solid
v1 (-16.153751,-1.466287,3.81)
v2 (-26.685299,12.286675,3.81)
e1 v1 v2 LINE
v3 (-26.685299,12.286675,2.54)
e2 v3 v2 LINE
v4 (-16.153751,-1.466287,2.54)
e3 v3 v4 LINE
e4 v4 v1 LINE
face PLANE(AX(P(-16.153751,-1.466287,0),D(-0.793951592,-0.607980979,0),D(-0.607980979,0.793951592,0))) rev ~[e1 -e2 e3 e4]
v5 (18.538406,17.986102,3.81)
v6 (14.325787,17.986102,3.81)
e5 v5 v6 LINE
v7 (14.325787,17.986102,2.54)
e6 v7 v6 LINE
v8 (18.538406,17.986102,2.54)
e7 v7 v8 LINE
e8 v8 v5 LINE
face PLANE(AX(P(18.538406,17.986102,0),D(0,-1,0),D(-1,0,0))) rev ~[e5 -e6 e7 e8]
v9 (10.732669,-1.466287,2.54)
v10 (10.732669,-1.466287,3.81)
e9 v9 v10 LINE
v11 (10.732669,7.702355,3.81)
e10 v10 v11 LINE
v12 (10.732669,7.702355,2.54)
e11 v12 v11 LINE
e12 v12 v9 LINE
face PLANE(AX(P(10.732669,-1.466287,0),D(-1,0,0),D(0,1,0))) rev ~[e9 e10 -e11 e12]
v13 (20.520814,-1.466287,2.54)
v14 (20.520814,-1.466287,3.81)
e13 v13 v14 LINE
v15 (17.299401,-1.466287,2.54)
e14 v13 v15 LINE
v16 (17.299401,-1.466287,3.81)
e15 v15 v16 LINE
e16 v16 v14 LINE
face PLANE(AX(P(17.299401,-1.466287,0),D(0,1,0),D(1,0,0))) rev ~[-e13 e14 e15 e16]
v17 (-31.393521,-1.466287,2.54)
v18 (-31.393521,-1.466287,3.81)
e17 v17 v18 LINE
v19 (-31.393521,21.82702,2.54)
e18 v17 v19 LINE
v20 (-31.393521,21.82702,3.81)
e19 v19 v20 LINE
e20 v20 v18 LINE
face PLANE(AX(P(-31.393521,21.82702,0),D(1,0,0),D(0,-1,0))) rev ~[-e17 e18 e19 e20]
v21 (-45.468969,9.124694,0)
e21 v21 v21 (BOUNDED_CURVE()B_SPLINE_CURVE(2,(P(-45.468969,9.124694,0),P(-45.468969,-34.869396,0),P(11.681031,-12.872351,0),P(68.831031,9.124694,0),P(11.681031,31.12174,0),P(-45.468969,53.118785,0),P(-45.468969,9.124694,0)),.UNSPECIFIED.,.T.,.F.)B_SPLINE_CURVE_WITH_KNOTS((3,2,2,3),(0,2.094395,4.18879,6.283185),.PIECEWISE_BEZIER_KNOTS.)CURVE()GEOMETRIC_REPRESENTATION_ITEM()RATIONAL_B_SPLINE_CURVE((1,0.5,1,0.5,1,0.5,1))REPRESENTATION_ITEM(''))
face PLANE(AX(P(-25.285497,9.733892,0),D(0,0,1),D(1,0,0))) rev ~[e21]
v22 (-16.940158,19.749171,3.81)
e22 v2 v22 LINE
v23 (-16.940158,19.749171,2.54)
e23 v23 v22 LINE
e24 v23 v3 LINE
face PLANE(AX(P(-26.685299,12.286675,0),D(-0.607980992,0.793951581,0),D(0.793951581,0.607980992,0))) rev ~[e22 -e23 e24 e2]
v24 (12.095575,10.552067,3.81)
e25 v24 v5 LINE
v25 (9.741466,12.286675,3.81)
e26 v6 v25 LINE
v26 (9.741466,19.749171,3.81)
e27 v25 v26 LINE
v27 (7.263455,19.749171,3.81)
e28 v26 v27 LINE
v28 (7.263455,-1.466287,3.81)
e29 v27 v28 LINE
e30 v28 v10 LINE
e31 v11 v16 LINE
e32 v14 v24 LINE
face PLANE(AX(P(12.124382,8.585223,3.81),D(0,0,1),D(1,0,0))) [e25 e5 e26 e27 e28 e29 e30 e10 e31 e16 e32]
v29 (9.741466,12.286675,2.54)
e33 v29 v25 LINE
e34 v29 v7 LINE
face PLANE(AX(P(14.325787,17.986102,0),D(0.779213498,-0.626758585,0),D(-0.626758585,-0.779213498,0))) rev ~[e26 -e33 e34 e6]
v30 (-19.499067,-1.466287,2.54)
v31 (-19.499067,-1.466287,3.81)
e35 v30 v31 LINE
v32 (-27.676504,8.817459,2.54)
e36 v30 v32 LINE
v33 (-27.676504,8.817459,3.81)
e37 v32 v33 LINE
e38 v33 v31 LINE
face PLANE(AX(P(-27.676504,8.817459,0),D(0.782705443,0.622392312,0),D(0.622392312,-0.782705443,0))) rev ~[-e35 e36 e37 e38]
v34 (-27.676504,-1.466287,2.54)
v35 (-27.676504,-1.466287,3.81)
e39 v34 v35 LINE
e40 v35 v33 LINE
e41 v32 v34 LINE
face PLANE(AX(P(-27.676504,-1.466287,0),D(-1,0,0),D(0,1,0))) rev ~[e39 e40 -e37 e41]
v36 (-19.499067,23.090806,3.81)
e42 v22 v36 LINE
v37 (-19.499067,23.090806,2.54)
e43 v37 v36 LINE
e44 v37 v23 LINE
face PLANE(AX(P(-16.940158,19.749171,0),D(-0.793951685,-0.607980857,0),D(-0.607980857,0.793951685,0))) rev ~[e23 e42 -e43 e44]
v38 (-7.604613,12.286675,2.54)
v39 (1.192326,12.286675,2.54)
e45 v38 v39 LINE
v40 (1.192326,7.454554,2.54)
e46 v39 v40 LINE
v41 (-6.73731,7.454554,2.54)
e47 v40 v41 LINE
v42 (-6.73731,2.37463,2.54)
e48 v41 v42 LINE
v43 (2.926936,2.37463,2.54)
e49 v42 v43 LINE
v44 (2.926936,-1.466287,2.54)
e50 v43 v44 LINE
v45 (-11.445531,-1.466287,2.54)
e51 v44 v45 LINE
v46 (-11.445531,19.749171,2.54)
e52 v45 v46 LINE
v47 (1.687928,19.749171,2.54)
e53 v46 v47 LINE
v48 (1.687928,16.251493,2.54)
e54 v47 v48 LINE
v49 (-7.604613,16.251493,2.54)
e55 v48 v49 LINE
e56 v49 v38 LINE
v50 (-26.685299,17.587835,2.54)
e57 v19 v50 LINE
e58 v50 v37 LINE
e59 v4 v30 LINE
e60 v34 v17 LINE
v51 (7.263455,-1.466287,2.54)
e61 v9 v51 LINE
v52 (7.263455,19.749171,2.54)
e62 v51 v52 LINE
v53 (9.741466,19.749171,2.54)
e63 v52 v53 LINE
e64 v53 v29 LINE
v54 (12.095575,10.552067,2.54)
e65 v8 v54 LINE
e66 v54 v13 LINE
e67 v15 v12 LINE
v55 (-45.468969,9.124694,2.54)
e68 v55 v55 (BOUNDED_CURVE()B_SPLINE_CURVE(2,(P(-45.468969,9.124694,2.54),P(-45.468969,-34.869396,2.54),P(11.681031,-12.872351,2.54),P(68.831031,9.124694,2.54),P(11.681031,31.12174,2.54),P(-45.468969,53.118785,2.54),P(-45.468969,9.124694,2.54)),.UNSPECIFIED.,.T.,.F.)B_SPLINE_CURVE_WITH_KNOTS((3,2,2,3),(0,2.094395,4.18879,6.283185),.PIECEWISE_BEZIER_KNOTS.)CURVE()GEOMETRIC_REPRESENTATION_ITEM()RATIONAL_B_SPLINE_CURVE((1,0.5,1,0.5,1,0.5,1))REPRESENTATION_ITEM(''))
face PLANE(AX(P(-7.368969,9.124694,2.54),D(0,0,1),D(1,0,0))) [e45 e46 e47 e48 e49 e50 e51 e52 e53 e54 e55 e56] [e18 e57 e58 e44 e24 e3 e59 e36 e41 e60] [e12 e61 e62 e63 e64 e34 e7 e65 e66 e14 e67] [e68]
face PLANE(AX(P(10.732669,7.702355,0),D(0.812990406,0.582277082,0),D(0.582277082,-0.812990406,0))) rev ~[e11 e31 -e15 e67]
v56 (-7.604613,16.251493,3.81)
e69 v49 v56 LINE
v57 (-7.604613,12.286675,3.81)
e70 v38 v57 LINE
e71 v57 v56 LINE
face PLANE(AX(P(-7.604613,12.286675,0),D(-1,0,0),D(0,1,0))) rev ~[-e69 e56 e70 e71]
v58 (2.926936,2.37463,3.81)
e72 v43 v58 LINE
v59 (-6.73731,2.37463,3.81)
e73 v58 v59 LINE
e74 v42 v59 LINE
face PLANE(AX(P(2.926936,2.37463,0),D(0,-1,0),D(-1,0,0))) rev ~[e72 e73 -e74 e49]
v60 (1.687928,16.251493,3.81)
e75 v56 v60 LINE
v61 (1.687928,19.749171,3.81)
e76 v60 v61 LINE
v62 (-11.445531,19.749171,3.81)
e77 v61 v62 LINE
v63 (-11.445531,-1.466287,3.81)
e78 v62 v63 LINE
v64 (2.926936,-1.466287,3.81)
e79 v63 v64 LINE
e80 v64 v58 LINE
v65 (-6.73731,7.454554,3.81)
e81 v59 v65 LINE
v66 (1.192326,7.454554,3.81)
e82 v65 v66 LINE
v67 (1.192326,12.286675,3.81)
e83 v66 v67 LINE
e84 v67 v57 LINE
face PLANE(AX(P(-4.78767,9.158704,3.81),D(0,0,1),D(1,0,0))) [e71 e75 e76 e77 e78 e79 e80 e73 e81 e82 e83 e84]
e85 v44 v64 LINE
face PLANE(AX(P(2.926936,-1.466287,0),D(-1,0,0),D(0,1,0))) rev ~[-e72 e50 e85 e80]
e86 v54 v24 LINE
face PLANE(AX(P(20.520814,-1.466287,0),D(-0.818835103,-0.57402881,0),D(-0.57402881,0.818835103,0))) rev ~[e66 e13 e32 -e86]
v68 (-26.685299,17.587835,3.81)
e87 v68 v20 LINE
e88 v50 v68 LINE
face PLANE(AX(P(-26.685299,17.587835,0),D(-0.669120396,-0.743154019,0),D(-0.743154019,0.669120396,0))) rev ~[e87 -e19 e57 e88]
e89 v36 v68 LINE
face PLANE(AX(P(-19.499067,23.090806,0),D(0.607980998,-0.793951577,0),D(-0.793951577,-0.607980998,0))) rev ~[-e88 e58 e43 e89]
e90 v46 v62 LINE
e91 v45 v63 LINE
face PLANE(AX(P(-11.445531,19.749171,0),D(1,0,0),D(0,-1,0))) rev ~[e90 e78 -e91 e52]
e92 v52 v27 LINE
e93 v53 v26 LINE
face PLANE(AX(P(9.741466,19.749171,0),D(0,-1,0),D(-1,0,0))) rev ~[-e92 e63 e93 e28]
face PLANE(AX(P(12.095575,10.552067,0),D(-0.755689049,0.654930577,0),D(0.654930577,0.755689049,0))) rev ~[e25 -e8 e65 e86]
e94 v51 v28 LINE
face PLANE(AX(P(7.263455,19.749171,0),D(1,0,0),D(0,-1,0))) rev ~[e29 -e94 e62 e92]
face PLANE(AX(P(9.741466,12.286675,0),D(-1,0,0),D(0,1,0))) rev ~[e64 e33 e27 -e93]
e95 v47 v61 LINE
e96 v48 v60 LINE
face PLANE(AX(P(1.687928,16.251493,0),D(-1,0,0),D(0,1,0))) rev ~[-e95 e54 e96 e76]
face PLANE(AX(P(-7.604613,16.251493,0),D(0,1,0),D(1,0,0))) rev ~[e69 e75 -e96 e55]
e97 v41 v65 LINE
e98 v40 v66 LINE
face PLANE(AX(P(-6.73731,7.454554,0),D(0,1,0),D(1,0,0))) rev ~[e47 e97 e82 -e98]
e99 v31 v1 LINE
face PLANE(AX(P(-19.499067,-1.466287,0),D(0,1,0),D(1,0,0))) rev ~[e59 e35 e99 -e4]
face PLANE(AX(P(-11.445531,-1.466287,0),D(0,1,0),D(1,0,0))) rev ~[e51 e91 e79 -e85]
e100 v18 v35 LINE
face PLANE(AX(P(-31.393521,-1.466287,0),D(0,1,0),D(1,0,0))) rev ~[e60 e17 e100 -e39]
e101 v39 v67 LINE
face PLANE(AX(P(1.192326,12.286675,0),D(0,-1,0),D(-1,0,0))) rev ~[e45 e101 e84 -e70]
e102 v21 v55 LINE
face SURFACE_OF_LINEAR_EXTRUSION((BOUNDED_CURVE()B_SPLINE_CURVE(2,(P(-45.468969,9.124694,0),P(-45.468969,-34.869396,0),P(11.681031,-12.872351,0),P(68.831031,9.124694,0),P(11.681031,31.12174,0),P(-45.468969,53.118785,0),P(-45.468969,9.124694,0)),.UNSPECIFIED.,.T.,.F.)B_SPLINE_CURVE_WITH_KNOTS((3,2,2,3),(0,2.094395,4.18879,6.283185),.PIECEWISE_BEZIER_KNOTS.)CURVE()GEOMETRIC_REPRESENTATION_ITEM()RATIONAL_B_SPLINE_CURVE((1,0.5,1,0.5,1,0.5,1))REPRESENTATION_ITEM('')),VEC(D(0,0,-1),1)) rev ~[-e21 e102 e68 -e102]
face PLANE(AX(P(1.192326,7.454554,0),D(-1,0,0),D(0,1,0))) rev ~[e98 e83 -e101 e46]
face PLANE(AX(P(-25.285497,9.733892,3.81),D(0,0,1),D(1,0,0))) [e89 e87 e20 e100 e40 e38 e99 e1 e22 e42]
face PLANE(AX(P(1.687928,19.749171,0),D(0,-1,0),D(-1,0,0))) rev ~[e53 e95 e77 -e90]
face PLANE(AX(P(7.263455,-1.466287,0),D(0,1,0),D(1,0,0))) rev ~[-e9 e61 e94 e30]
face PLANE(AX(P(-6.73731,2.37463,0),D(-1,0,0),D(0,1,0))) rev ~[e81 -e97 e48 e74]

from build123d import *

# Parameters (mm, degrees)
F1_DEPTH = 2.54
F3_DEPTH = 3.81


with BuildPart() as f1:
    # F0 (on Top) → F1 (new body)
    with BuildSketch(Plane.XY):
        with BuildLine():
            add(Edge.make_bspline(
                [(-45.468969, 9.124694), (-45.468969, -34.869396), (11.681031, -12.872351), (68.831031, 9.124694), (11.681031, 31.12174), (-45.468969, 53.118785), (-45.468969, 9.124694)],
                knots=[0, 0, 0, 2.094395, 2.094395, 4.18879, 4.18879, 6.283185, 6.283185, 6.283185], degree=2, weights=[1, 0.5, 1, 0.5, 1, 0.5, 1]))
        make_face()
    extrude(amount=F1_DEPTH)

    # F2 (on Top) → F3 (join)
    with BuildSketch(Plane.XY):
        Polygon((-26.685299, 17.587835), (-31.393521, 21.82702), (-31.393521, -1.466287), (-27.676504, -1.466287), (-27.676504, 8.817459), (-19.499067, -1.466287), (-16.153751, -1.466287), (-26.685299, 12.286675), (-16.940158, 19.749171), (-19.499067, 23.090806), align=None)
        Polygon((1.687928, 19.749171), (-11.445531, 19.749171), (-11.445531, -1.466287), (2.926936, -1.466287), (2.926936, 2.37463), (-6.73731, 2.37463), (-6.73731, 7.454554), (1.192326, 7.454554), (1.192326, 12.286675), (-7.604613, 12.286675), (-7.604613, 16.251493), (1.687928, 16.251493), align=None)
        Polygon((9.741466, 19.749171), (7.263455, 19.749171), (7.263455, -1.466287), (10.732669, -1.466287), (10.732669, 7.702355), (17.299401, -1.466287), (20.520814, -1.466287), (12.095575, 10.552067), (18.538406, 17.986102), (14.325787, 17.986102), (9.741466, 12.286675), align=None)
    extrude(amount=F3_DEPTH)


solid = f1.part
